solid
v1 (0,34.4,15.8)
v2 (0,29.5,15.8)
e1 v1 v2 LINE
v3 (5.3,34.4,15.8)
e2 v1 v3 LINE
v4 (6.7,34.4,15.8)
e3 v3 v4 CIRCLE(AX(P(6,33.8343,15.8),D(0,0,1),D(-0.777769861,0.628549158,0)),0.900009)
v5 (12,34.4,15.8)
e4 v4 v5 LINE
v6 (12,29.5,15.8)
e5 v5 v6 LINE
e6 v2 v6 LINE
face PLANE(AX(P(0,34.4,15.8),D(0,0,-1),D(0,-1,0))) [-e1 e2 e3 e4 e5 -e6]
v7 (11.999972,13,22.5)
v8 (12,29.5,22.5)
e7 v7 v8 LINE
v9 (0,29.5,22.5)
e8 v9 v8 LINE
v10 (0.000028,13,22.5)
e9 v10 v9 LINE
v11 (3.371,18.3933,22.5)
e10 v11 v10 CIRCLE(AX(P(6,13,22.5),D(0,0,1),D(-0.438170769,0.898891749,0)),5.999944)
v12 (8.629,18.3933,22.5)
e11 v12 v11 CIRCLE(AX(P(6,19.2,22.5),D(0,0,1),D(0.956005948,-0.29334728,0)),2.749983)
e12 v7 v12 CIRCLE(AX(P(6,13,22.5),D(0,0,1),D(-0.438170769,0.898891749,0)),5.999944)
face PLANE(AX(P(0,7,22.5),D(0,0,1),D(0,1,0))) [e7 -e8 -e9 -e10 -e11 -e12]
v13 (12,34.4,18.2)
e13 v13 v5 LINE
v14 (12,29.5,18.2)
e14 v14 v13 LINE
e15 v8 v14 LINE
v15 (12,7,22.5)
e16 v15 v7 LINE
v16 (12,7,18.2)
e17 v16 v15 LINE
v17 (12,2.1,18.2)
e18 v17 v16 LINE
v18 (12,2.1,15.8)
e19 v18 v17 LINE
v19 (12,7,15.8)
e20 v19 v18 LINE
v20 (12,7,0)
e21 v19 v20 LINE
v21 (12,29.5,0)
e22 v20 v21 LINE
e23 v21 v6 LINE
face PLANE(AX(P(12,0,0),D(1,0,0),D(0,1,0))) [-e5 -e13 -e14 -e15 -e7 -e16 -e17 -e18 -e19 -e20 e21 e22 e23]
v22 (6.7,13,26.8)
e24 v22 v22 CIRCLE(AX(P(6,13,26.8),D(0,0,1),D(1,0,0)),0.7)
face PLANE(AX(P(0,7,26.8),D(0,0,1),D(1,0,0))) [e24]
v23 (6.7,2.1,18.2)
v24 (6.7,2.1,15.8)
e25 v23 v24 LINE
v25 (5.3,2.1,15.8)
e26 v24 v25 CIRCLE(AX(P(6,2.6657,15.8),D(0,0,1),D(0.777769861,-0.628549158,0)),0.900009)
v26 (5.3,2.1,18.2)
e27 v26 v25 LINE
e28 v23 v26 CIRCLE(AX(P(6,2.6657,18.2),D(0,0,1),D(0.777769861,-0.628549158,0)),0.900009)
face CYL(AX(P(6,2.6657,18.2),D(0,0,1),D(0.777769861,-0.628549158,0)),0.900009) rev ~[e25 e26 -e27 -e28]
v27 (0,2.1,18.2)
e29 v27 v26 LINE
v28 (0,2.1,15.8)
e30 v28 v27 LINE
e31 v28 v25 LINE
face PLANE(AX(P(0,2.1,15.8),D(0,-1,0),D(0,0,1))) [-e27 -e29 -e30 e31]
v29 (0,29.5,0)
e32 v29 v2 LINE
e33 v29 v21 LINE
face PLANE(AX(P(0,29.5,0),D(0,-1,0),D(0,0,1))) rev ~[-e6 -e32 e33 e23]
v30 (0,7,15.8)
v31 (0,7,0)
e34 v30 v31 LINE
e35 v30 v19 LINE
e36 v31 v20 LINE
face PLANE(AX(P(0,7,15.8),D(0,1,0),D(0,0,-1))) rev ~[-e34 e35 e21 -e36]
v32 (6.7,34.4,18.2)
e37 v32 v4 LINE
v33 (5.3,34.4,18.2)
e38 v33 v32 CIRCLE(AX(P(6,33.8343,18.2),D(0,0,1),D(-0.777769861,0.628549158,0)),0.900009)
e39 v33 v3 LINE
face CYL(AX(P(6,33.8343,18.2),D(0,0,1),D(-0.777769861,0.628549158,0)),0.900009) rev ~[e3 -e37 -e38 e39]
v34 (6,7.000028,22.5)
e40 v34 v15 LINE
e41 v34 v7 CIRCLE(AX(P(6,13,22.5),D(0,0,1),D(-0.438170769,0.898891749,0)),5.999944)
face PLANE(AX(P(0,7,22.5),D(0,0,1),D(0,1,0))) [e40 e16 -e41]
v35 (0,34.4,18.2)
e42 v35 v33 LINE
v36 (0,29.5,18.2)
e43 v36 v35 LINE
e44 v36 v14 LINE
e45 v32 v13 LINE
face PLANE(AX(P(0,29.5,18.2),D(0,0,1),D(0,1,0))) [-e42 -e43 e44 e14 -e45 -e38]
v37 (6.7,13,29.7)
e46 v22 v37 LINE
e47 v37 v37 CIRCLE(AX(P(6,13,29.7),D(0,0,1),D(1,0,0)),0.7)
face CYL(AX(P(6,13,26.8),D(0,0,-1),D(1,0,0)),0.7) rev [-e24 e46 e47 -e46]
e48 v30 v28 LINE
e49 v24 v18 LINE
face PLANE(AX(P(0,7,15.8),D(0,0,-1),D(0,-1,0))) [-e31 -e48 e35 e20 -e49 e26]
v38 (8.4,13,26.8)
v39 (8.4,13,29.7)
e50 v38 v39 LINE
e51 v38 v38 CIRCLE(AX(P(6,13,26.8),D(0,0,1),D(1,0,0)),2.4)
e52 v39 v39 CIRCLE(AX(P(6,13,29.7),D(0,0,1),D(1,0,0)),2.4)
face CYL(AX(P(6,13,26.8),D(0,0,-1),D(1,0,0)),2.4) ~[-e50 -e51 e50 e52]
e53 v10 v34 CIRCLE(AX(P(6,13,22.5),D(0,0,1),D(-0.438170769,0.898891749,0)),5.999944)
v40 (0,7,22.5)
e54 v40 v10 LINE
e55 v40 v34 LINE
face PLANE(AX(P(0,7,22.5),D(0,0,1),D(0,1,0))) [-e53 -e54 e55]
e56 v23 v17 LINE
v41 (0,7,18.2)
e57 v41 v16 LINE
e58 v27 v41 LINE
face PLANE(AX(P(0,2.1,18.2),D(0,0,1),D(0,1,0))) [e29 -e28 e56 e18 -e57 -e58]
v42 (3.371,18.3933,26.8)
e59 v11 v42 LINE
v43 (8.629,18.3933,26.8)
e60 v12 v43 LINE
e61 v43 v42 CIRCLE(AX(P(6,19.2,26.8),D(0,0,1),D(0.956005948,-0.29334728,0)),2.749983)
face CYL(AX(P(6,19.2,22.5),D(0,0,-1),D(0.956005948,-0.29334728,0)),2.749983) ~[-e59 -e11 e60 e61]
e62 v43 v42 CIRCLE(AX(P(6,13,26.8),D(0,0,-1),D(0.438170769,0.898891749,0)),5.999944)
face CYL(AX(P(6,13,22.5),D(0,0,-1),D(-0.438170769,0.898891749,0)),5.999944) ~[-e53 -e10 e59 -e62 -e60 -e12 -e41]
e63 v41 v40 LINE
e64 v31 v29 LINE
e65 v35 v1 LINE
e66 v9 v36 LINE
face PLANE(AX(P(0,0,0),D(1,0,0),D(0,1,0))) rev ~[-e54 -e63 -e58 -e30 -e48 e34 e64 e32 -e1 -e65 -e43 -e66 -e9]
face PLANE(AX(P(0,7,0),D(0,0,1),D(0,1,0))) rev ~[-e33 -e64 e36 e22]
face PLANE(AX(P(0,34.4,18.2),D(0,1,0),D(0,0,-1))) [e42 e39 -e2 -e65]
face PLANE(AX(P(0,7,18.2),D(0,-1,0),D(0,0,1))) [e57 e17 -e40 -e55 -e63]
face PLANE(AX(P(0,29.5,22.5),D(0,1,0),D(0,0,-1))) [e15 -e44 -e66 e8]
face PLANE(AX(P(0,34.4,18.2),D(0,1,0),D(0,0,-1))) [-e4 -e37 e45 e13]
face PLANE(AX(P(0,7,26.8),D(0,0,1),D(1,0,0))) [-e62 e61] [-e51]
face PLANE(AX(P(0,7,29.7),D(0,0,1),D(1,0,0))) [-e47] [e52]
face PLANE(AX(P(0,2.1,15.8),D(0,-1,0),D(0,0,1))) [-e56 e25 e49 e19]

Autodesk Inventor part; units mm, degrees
ref_plane "YZ Plane" through (0, 0, 0) normal (1, 0, 0) x (0, 1, 0)
ref_plane "XZ Plane" through (0, 0, 0) normal (0, 1, 0) x (-1, 0, 0)
ref_plane "XY Plane" through (0, 0, 0) normal (0, 0, 1) x (1, 0, 0)
sketch "Sketch1" plane through (0, 0, 0) normal (1, 0, 0) x (0, 1, 0)
  line L0 (7, 0) -> (29.5, 0)
  line L1 (0, 0) -> (7, 0)
  line L2 (7, 0) -> (29.5, 0)
  line L3 (29.5, 0) -> (29.5, 15.8)
  line L4 (7, 15.8) -> (7, 0)
  line L5 (29.5, 15.8) -> (34.4, 15.8) construction
  line L6 (2.1, 15.8) -> (2.1, 18.2)
  line L7 (34.4, 18.2) -> (34.4, 15.8)
  line L8 (7, 18.2) -> (7, 22.5)
  line L9 (7, 22.5) -> (29.5, 22.5)
  line L10 (29.5, 22.5) -> (29.5, 18.2)
  line L11 (2.1, 18.2) -> (7, 18.2)
  line L12 (29.5, 18.2) -> (34.4, 18.2)
  line L13 (34.4, 15.8) -> (29.5, 15.8)
  line L14 (7, 15.8) -> (2.1, 15.8)
  dimension "d2" = 22.5
  dimension "d3" = 15.8
  dimension "d5" = 2.4
  dimension "d6" = 4.3
  dimension "d7" = 22.5
  dimension "d8" = 4.3
  dimension "d9" = 2.4
  dimension "d10" = 15.8
  dimension "d13" = 4.9
  dimension "d14" = 4.9
extrude "Extrusion1" add sketch "Sketch1" along normal blind 12
sketch "Sketch2" plane through (0, 7, 22.5) normal (0, 0, 1) x (1, 0, 0)
  line L0 (0, 22.5) -> (0, 0) projected
  line L1 (0, 0) -> (12, 0) projected
  line L2 (12, 22.5) -> (12, 0) projected
  line L3 (0, 22.5) -> (12, 22.5) projected
  line L4 (0, 0) -> (12, 0) projected
  line L5 (0, -4.9) -> (12, -4.9) projected
  circle A0 centre (6, 6) radius 0.7 construction
  circle A1 centre (6, 6) radius 2.4 construction
  line L6 (0, 0) -> (12, 0) projected
  arc A2 (3.371, 11.3933) -> (8.629, 11.3933) centre (6, 6) ccw
  line L7 (12, 0) -> (12, 22.5) projected
  arc A3 (8.629, 11.3933) -> (3.371, 11.3933) centre (6, 12.2) ccw
  point P0 (0, -7)
  dimension "d16" = 1.4
  dimension "d17" = 4.8
  dimension "d20" = 5.5
  dimension "d21" = 6
  dimension "d22" = 6.2
extrude "Extrusion2" add sketch "Sketch2" along normal blind 4.3 contours A2 A3
sketch "Sketch3" plane through (0, 7, 26.8) normal (0, 0, 1) x (1, 0, 0)
  circle A0 centre (6, 6) radius 0.7
  circle A1 centre (6, 6) radius 2.4
  dimension "d25" = 1.4
  dimension "d26" = 4.8
extrude "Extrusion3" add sketch "Sketch3" along normal blind 2.9
sketch "Sketch4" plane through (0, 29.5, 18.2) normal (0, 0, 1) x (1, 0, 0)
  line L0 (0, -22.5) -> (0, -27.4) projected
  line L1 (0, -27.4) -> (12, -27.4) projected
  line L2 (12, -22.5) -> (12, -27.4) projected
  line L3 (0, -22.5) -> (12, -22.5) projected
  line L4 (0, 4.9) -> (0, 0) projected
  line L5 (0, 0) -> (12, 0) projected
  line L6 (12, 4.9) -> (12, 0) projected
  line L7 (0, 4.9) -> (12, 4.9) projected
  line L8 (0, -16.5) -> (0, -22.5) projected
  line L9 (0, 0) -> (0, -16.5) projected
  line L10 (12, 0) -> (12, -16.5) projected
  line L11 (12, -16.5) -> (12, -22.5) projected
  line L12 (0, -22.5) -> (0, 0) projected
  line L13 (0, -11.25) -> (12, -11.25)
  arc A0 (5.3, 4.9) -> (6.7, 4.9) centre (6, 4.3343) ccw
  line L14 (5.3, 4.9) -> (6.7, 4.9)
  line L15 (0, 4.9) -> (12, 4.9) projected
  arc A1 (6.7, -27.4) -> (5.3, -27.4) centre (6, -26.8343) ccw
  line L16 (5.3, -27.4) -> (6.7, -27.4)
  point P0 (0, -29.5)
  point P1 (5.3, -27.4)
  dimension "d32" = 5.3
  dimension "d33" = 5.3
  dimension "d35" = 0.9
extrude "Extrusion4" cut sketch "Sketch4" against normal up to surface (2.4 mm away) contours A1 L1 | L7 A0
properties part number "Microservo Mg90"
